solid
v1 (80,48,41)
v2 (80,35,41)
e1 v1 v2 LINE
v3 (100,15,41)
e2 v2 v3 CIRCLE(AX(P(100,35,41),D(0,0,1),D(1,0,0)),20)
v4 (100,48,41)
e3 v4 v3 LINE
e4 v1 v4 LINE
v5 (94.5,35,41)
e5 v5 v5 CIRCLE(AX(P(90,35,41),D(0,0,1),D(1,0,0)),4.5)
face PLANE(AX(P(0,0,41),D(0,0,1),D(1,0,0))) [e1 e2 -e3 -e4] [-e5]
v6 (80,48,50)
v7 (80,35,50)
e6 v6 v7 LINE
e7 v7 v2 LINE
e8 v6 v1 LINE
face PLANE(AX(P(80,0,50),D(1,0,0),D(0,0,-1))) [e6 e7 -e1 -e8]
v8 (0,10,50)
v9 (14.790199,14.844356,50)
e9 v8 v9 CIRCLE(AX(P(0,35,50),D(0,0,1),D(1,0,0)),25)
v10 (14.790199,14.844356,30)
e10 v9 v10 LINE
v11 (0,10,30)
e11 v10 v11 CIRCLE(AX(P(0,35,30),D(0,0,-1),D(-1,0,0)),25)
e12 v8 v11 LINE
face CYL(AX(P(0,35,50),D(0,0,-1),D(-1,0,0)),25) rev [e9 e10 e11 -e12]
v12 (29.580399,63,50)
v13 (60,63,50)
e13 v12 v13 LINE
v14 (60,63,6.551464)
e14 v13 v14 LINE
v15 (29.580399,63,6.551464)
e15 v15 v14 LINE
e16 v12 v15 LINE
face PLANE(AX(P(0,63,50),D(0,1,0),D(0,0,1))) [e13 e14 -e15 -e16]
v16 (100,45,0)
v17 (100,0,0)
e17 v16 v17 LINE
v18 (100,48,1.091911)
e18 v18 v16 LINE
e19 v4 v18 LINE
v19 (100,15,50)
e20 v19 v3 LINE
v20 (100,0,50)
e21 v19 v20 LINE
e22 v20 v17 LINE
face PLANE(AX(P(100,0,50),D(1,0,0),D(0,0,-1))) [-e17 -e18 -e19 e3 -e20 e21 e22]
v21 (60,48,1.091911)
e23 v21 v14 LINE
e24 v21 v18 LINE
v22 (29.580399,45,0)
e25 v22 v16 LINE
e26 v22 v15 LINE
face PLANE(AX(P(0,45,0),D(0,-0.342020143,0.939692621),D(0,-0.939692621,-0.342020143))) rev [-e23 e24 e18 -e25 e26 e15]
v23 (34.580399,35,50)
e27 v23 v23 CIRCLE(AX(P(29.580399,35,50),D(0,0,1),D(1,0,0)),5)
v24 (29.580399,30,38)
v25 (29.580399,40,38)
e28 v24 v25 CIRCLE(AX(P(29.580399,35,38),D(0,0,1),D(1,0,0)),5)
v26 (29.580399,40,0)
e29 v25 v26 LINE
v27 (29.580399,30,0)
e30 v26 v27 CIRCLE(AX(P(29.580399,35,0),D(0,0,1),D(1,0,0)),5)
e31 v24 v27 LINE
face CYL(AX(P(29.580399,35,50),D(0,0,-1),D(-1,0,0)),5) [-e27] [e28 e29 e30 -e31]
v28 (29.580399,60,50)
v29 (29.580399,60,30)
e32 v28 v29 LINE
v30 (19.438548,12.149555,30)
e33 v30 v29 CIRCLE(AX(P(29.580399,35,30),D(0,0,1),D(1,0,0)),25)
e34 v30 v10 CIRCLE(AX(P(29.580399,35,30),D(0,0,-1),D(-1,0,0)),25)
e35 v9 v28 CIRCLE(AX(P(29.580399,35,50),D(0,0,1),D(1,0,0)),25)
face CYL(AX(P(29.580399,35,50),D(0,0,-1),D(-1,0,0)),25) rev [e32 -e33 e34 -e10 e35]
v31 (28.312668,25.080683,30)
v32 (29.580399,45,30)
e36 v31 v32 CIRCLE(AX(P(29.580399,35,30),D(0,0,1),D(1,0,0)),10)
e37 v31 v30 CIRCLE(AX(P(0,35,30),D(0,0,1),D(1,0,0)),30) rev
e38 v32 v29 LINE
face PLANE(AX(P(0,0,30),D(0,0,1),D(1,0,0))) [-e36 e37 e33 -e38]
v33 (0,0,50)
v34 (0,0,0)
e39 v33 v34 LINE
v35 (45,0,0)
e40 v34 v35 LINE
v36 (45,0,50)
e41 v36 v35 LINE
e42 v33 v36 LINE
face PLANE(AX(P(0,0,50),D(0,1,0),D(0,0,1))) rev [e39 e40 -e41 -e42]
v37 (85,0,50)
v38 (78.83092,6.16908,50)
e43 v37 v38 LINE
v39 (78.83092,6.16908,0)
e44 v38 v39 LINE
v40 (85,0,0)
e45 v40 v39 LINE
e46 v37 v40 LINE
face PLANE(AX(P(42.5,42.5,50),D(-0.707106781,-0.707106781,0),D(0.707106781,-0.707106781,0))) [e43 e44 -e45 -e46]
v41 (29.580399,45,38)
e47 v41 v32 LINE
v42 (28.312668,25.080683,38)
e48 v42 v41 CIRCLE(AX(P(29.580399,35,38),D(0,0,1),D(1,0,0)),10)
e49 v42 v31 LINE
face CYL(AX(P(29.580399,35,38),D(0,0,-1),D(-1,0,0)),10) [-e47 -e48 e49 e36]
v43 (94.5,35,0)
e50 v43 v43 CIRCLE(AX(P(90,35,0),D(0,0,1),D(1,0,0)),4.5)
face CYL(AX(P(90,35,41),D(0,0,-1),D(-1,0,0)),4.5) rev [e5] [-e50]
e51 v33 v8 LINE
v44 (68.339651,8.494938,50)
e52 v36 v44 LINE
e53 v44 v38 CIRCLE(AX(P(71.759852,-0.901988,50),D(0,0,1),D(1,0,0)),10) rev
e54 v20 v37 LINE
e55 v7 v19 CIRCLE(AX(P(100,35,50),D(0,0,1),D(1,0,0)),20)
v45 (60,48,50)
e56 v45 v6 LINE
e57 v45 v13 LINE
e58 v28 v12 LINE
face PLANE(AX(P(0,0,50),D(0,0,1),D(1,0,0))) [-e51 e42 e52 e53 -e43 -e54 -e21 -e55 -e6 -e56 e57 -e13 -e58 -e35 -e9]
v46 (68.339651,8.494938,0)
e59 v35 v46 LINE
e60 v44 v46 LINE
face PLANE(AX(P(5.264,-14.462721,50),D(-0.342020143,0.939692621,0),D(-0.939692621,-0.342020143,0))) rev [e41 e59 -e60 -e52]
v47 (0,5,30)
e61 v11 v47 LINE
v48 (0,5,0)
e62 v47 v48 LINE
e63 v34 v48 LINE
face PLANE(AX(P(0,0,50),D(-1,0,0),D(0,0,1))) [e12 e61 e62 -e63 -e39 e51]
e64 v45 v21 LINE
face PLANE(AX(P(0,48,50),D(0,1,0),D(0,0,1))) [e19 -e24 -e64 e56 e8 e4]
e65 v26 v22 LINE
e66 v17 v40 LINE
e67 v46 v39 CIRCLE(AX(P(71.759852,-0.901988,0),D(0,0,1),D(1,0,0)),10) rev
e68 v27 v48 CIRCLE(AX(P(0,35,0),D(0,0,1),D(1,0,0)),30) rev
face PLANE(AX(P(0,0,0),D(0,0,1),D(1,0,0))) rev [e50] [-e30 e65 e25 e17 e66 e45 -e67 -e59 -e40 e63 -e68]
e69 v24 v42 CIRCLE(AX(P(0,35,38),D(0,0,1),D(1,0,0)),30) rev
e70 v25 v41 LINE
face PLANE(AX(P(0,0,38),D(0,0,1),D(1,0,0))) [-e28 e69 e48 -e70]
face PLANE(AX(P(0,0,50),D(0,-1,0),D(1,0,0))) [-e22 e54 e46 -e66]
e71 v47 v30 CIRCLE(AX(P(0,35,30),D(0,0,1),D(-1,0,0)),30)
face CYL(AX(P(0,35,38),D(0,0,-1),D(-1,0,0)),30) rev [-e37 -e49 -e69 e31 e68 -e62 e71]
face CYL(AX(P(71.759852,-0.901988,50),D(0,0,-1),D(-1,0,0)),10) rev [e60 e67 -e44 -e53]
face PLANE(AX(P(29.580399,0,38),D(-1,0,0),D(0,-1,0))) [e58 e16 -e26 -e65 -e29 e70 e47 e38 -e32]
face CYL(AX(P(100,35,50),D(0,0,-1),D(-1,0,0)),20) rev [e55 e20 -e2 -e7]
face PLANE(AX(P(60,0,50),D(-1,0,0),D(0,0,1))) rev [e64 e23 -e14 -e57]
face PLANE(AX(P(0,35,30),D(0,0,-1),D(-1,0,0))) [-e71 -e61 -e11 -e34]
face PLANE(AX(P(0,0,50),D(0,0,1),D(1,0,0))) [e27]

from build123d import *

# Parameters (mm, degrees)
BOSS_EXTRUDE1_DEPTH     = 50
SKETCH1_R               = 5
BOSS_EXTRUDE1_2_DEPTH   = 50
SKETCH1_5_R             = 4.5
BOSS_EXTRUDE2_DEPTH     = 41
BOSS_EXTRUDE3_DEPTH     = 30
BOSS_EXTRUDE4_DEPTH     = 38
CUT_EXTRUDE1_DEPTH      = 30
CUT_EXTRUDE2_DEPTH      = 101.344406919
CUT_EXTRUDE2_DEPTH_BACK = 101.344406919


with BuildPart() as part:
    # Sketch1 → Boss-Extrude1 (new body)
    with BuildSketch(Plane.XY):
        with BuildLine():
            Line((80, 48), (60, 48))
            Line((60, 48), (60, 63))
            Line((60, 63), (29.580398915, 63))
            Line((29.580398915, 63), (29.580398915, 60))
            ThreePointArc((29.580398915, 60), (53.338461855, 27.218326313), (14.790199458, 14.844355629))
            ThreePointArc((14.790199458, 14.844355629), (7.781673687, 11.241937061), (0, 10))
            Line((0, 10), (0, 0))
            Line((0, 0), (45, 0))
            Line((45, 0), (68.339650933, 8.494938218))
            ThreePointArc((68.339650933, 8.494938218), (73.924248506, 8.860972081), (78.830920178, 6.169079822))
            Line((78.830920178, 6.169079822), (85, 0))
            Line((85, 0), (100, 0))
            Line((100, 0), (100, 15))
            ThreePointArc((100, 15), (85.857864376, 20.857864376), (80, 35))
            Line((80, 35), (80, 48))
        make_face()
    extrude(amount=BOSS_EXTRUDE1_DEPTH)

    # Sketch1<5> → Boss-Extrude2 (add)
    with BuildSketch(Plane.XY):
        with BuildLine():
            Line((100, 48), (80, 48))
            Line((80, 48), (80, 35))
            ThreePointArc((80, 35), (85.857864376, 20.857864376), (100, 15))
            Line((100, 15), (100, 48))
        make_face()
        with Locations((90, 35)):
            Circle(SKETCH1_5_R, mode=Mode.SUBTRACT)
    extrude(amount=BOSS_EXTRUDE2_DEPTH)

    # Sketch1<6> → Boss-Extrude3 (add)
    with BuildSketch(Plane.XY):
        with BuildLine():
            ThreePointArc((19.438547859, 12.149554553), (54.037106954, 29.816426724), (29.580398915, 60))
            Line((29.580398915, 60), (29.580398915, 45))
            ThreePointArc((29.580398915, 45), (39.560207875, 34.364851879), (28.312667533, 25.080682627))
            ThreePointArc((28.312667533, 25.080682627), (24.735564703, 18.024964247), (19.438547859, 12.149554553))
        make_face()
    extrude(amount=BOSS_EXTRUDE3_DEPTH)



with BuildPart() as body_2:
    # Sketch1 → Boss-Extrude1 2 (new body)
    with BuildSketch(Plane.XY):
        with Locations((29.580398915, 35)):
            Circle(SKETCH1_R)
    extrude(amount=BOSS_EXTRUDE1_2_DEPTH)


with BuildPart() as part_1:
    add(part.part)

    add(body_2.part)  # Boss-Extrude4 merges body 2
    # Sketch1<7> → Boss-Extrude4 (add)
    with BuildSketch(Plane.XY):
        with BuildLine():
            ThreePointArc((28.312667533, 25.080682627), (39.560207875, 34.364851879), (29.580398915, 45))
            Line((29.580398915, 45), (29.580398915, 40))
            ThreePointArc((29.580398915, 40), (33.115932821, 38.535533906), (34.580398915, 35))
            ThreePointArc((34.580398915, 35), (33.115932821, 31.464466094), (29.580398915, 30))
            ThreePointArc((29.580398915, 30), (29.050846917, 27.513459181), (28.312667533, 25.080682627))
        make_face()
    extrude(amount=BOSS_EXTRUDE4_DEPTH)

    # Sketch4 → Cut-Extrude1 (cut)
    with BuildSketch(Plane.XY):
        with BuildLine():
            Line((0, 10), (0, 35))
            Line((0, 35), (24.580398915, 35))
            ThreePointArc((24.580398915, 35), (26.04486501, 31.464466094), (29.580398915, 30))
            ThreePointArc((29.580398915, 30), (19.364916731, 12.087121525), (0, 5))
            Line((0, 5), (0, 10))
        make_face()
    extrude(amount=CUT_EXTRUDE1_DEPTH, mode=Mode.SUBTRACT)

    # Sketch5 → Cut-Extrude2 (cut, two sides: drawn at the far end of the back side and taken through both)
    with BuildSketch(Plane(origin=(60, 0, 0), x_dir=(0, 0, -1), z_dir=(1, 0, 0)).offset(-CUT_EXTRUDE2_DEPTH_BACK)):
        Polygon((0, 45), (-6.551464217, 63), (0, 63), align=None)
    extrude(amount=CUT_EXTRUDE2_DEPTH + CUT_EXTRUDE2_DEPTH_BACK, mode=Mode.SUBTRACT)


solid = part_1.part
